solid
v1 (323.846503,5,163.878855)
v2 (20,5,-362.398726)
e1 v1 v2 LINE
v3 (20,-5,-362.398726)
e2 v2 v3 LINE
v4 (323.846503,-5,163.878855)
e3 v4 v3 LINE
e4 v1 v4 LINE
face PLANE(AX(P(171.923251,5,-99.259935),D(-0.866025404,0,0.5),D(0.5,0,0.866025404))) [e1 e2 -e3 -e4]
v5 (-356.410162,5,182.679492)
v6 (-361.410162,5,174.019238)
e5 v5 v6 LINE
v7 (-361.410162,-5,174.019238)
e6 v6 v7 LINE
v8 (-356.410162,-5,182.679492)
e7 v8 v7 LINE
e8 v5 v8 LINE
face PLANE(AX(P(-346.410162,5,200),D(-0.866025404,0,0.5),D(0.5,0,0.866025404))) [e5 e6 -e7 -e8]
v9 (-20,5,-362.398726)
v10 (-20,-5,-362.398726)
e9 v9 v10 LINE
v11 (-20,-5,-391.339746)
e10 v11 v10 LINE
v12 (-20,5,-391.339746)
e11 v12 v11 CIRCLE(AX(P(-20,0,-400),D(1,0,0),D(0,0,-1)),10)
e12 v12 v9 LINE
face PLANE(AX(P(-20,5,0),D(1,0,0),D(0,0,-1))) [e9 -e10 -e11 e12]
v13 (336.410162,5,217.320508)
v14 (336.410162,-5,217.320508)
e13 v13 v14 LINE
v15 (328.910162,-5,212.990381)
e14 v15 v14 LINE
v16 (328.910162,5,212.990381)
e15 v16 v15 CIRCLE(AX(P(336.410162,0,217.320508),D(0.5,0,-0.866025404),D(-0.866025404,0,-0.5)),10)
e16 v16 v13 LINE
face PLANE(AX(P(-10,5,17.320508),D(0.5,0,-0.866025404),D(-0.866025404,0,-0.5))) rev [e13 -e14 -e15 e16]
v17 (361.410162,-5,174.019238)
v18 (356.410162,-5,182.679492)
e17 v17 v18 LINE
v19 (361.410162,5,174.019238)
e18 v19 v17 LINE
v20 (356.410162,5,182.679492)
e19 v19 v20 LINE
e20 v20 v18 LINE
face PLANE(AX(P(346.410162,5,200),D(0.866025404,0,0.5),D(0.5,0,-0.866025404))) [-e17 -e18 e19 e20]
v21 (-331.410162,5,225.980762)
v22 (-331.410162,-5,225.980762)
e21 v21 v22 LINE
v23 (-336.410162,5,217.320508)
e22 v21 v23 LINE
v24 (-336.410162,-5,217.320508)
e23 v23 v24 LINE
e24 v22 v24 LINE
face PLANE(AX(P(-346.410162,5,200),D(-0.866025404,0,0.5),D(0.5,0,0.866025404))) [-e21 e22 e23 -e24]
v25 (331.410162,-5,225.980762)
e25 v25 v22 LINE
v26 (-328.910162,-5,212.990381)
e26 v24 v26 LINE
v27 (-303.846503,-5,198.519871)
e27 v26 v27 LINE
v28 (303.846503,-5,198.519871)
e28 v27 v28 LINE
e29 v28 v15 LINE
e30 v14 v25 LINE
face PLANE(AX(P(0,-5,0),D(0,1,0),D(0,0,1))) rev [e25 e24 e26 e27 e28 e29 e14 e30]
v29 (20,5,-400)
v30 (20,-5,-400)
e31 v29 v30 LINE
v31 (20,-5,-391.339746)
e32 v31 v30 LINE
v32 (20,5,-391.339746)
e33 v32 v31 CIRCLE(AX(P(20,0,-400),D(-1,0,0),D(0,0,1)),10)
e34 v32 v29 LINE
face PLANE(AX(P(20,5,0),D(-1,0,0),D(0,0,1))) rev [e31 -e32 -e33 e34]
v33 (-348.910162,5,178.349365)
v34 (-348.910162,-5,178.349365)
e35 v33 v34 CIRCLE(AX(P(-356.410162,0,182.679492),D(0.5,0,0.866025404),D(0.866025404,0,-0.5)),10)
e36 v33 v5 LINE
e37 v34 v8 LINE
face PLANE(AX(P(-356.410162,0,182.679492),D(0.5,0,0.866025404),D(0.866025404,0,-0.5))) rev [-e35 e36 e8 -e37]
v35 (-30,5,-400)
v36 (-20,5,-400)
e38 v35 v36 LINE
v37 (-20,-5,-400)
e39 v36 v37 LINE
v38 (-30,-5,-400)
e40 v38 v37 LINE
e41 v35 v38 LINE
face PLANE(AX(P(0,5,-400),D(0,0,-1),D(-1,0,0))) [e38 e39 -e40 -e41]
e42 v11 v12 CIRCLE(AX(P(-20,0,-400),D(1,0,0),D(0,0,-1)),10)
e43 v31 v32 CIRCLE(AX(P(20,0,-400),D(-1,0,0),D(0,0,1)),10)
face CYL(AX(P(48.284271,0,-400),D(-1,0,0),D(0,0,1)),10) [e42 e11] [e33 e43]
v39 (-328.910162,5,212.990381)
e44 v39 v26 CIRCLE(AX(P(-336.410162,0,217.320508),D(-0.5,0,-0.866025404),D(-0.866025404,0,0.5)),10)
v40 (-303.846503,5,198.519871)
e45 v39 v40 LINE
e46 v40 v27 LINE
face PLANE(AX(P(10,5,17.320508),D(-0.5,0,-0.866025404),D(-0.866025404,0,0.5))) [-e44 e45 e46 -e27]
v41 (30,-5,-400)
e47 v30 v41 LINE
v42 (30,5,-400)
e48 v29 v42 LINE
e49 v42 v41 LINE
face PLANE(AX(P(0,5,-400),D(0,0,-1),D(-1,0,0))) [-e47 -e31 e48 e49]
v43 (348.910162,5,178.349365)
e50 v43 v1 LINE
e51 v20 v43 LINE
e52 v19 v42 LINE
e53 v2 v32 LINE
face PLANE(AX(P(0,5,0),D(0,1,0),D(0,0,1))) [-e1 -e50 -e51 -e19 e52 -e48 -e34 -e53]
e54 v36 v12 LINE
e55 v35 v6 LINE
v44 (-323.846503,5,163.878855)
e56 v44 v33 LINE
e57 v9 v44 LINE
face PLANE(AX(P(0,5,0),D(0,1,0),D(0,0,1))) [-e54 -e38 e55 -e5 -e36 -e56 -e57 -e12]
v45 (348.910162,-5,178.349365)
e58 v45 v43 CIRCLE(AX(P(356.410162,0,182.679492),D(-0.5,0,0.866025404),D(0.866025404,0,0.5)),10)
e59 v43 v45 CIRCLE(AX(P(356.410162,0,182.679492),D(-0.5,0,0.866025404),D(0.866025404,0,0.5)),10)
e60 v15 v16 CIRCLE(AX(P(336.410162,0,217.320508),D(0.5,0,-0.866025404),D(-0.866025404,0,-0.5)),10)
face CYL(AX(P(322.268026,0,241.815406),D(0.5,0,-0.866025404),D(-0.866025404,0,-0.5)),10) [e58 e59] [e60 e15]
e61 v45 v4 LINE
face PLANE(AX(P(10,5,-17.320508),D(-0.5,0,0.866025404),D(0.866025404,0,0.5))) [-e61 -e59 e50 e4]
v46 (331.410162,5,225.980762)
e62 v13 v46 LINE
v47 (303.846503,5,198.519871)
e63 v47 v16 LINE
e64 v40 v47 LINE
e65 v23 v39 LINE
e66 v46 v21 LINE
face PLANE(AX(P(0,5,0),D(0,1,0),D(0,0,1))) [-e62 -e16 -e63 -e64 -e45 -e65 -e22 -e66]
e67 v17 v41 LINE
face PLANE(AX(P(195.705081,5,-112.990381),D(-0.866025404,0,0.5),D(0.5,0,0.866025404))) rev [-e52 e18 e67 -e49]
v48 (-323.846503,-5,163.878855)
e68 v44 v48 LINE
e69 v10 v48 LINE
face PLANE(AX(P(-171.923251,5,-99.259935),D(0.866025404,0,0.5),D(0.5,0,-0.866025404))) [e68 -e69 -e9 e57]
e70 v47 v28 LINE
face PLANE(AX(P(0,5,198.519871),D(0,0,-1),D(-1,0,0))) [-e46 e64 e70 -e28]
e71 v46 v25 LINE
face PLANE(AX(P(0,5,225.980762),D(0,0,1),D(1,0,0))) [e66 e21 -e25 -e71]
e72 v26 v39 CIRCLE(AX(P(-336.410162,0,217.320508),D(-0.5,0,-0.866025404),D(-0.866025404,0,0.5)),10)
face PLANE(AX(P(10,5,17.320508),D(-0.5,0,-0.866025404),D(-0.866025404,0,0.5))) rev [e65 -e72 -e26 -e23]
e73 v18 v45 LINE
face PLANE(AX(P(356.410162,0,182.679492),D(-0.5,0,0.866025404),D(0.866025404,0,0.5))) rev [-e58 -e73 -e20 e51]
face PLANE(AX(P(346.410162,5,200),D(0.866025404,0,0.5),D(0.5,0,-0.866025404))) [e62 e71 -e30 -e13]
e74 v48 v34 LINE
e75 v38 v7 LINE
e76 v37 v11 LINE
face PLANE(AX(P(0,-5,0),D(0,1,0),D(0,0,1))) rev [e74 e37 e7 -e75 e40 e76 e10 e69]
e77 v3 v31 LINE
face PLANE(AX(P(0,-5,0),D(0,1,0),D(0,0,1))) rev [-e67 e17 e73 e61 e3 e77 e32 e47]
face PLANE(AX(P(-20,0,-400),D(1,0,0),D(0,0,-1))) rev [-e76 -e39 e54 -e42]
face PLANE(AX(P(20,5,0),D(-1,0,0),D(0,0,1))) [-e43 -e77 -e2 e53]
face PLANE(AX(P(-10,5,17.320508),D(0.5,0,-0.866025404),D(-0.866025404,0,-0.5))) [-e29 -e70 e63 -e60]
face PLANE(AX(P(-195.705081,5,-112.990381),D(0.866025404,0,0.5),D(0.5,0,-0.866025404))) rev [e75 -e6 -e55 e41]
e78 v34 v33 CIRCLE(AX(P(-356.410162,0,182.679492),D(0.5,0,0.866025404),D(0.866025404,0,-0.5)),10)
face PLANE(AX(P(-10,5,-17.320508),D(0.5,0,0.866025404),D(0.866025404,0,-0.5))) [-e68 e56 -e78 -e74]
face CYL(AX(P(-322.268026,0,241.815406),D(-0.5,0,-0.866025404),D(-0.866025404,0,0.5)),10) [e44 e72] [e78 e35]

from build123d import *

# Parameters (mm, degrees)
SALIENTE_EXTRUIR2_DEPTH   = 5
SALIENTE_EXTRUIR2_2_DEPTH = 5
SALIENTE_EXTRUIR2_3_DEPTH = 5
SALIENTE_EXTRUIR3_START   = -20
CROQUIS5_R                = 10
SALIENTE_EXTRUIR3_DEPTH   = 40
CROQUIS6_R                = 10
SALIENTE_EXTRUIR4_DEPTH   = 40
CROQUIS7_R                = 10
SALIENTE_EXTRUIR5_DEPTH   = 40


with BuildPart() as part:
    # Croquis4 → Saliente-Extruir2 (new body, symmetric)
    with BuildSketch(Plane(origin=(0, 0, 0), x_dir=(1, 0, 0), z_dir=(0, 1, 0))):
        Polygon((-303.846502665, -198.519870873), (-336.410161514, -217.320508076), (-331.410161514, -225.980762114), (331.410161514, -225.980762114), (336.410161514, -217.320508076), (303.846502665, -198.519870873), align=None)
    extrude(amount=SALIENTE_EXTRUIR2_DEPTH, both=True)



with BuildPart() as body_2:
    # Croquis4 → Saliente-Extruir2 2 (new body, symmetric)
    with BuildSketch(Plane(origin=(0, 0, 0), x_dir=(1, 0, 0), z_dir=(0, 1, 0))):
        Polygon((-20, 400), (-30, 400), (-361.410161514, -174.019237886), (-356.410161514, -182.679491924), (-323.846502665, -163.878854722), (-20, 362.398725595), align=None)
    extrude(amount=SALIENTE_EXTRUIR2_2_DEPTH, both=True)



with BuildPart() as body_3:
    # Croquis4 → Saliente-Extruir2 3 (new body, symmetric)
    with BuildSketch(Plane(origin=(0, 0, 0), x_dir=(1, 0, 0), z_dir=(0, 1, 0))):
        Polygon((30, 400), (20, 400), (20, 362.398725595), (323.846502665, -163.878854722), (356.410161514, -182.679491924), (361.410161514, -174.019237886), align=None)
    extrude(amount=SALIENTE_EXTRUIR2_3_DEPTH, both=True)


with BuildPart() as body_2_1:
    add(body_2.part)

    add(body_3.part)  # Saliente-Extruir3 merges body 3
    # Croquis5 → Saliente-Extruir3 (add)
    with BuildSketch(Plane(origin=(0, 0, 0), x_dir=(0, 0, -1), z_dir=(1, 0, 0)).offset(SALIENTE_EXTRUIR3_START)):
        with Locations((400, 0)):
            Circle(CROQUIS5_R)
    extrude(amount=SALIENTE_EXTRUIR3_DEPTH)


with BuildPart() as part_1:
    add(part.part)

    add(body_2_1.part)  # Saliente-Extruir4 merges body 2
    # Croquis6 → Saliente-Extruir4 (add)
    with BuildSketch(Plane(origin=(-10, 0, -17.320508076), x_dir=(0.866025404, 0, -0.5), z_dir=(0.5, 0, 0.866025404))):
        with Locations((-400, 0)):
            Circle(CROQUIS6_R)
    extrude(amount=SALIENTE_EXTRUIR4_DEPTH)

    # Croquis7 → Saliente-Extruir5 (add)
    with BuildSketch(Plane(origin=(10, 0, -17.320508076), x_dir=(0.866025404, 0, 0.5), z_dir=(-0.5, 0, 0.866025404))):
        with Locations((400, 0)):
            Circle(CROQUIS7_R)
    extrude(amount=SALIENTE_EXTRUIR5_DEPTH)


solid = part_1.part
